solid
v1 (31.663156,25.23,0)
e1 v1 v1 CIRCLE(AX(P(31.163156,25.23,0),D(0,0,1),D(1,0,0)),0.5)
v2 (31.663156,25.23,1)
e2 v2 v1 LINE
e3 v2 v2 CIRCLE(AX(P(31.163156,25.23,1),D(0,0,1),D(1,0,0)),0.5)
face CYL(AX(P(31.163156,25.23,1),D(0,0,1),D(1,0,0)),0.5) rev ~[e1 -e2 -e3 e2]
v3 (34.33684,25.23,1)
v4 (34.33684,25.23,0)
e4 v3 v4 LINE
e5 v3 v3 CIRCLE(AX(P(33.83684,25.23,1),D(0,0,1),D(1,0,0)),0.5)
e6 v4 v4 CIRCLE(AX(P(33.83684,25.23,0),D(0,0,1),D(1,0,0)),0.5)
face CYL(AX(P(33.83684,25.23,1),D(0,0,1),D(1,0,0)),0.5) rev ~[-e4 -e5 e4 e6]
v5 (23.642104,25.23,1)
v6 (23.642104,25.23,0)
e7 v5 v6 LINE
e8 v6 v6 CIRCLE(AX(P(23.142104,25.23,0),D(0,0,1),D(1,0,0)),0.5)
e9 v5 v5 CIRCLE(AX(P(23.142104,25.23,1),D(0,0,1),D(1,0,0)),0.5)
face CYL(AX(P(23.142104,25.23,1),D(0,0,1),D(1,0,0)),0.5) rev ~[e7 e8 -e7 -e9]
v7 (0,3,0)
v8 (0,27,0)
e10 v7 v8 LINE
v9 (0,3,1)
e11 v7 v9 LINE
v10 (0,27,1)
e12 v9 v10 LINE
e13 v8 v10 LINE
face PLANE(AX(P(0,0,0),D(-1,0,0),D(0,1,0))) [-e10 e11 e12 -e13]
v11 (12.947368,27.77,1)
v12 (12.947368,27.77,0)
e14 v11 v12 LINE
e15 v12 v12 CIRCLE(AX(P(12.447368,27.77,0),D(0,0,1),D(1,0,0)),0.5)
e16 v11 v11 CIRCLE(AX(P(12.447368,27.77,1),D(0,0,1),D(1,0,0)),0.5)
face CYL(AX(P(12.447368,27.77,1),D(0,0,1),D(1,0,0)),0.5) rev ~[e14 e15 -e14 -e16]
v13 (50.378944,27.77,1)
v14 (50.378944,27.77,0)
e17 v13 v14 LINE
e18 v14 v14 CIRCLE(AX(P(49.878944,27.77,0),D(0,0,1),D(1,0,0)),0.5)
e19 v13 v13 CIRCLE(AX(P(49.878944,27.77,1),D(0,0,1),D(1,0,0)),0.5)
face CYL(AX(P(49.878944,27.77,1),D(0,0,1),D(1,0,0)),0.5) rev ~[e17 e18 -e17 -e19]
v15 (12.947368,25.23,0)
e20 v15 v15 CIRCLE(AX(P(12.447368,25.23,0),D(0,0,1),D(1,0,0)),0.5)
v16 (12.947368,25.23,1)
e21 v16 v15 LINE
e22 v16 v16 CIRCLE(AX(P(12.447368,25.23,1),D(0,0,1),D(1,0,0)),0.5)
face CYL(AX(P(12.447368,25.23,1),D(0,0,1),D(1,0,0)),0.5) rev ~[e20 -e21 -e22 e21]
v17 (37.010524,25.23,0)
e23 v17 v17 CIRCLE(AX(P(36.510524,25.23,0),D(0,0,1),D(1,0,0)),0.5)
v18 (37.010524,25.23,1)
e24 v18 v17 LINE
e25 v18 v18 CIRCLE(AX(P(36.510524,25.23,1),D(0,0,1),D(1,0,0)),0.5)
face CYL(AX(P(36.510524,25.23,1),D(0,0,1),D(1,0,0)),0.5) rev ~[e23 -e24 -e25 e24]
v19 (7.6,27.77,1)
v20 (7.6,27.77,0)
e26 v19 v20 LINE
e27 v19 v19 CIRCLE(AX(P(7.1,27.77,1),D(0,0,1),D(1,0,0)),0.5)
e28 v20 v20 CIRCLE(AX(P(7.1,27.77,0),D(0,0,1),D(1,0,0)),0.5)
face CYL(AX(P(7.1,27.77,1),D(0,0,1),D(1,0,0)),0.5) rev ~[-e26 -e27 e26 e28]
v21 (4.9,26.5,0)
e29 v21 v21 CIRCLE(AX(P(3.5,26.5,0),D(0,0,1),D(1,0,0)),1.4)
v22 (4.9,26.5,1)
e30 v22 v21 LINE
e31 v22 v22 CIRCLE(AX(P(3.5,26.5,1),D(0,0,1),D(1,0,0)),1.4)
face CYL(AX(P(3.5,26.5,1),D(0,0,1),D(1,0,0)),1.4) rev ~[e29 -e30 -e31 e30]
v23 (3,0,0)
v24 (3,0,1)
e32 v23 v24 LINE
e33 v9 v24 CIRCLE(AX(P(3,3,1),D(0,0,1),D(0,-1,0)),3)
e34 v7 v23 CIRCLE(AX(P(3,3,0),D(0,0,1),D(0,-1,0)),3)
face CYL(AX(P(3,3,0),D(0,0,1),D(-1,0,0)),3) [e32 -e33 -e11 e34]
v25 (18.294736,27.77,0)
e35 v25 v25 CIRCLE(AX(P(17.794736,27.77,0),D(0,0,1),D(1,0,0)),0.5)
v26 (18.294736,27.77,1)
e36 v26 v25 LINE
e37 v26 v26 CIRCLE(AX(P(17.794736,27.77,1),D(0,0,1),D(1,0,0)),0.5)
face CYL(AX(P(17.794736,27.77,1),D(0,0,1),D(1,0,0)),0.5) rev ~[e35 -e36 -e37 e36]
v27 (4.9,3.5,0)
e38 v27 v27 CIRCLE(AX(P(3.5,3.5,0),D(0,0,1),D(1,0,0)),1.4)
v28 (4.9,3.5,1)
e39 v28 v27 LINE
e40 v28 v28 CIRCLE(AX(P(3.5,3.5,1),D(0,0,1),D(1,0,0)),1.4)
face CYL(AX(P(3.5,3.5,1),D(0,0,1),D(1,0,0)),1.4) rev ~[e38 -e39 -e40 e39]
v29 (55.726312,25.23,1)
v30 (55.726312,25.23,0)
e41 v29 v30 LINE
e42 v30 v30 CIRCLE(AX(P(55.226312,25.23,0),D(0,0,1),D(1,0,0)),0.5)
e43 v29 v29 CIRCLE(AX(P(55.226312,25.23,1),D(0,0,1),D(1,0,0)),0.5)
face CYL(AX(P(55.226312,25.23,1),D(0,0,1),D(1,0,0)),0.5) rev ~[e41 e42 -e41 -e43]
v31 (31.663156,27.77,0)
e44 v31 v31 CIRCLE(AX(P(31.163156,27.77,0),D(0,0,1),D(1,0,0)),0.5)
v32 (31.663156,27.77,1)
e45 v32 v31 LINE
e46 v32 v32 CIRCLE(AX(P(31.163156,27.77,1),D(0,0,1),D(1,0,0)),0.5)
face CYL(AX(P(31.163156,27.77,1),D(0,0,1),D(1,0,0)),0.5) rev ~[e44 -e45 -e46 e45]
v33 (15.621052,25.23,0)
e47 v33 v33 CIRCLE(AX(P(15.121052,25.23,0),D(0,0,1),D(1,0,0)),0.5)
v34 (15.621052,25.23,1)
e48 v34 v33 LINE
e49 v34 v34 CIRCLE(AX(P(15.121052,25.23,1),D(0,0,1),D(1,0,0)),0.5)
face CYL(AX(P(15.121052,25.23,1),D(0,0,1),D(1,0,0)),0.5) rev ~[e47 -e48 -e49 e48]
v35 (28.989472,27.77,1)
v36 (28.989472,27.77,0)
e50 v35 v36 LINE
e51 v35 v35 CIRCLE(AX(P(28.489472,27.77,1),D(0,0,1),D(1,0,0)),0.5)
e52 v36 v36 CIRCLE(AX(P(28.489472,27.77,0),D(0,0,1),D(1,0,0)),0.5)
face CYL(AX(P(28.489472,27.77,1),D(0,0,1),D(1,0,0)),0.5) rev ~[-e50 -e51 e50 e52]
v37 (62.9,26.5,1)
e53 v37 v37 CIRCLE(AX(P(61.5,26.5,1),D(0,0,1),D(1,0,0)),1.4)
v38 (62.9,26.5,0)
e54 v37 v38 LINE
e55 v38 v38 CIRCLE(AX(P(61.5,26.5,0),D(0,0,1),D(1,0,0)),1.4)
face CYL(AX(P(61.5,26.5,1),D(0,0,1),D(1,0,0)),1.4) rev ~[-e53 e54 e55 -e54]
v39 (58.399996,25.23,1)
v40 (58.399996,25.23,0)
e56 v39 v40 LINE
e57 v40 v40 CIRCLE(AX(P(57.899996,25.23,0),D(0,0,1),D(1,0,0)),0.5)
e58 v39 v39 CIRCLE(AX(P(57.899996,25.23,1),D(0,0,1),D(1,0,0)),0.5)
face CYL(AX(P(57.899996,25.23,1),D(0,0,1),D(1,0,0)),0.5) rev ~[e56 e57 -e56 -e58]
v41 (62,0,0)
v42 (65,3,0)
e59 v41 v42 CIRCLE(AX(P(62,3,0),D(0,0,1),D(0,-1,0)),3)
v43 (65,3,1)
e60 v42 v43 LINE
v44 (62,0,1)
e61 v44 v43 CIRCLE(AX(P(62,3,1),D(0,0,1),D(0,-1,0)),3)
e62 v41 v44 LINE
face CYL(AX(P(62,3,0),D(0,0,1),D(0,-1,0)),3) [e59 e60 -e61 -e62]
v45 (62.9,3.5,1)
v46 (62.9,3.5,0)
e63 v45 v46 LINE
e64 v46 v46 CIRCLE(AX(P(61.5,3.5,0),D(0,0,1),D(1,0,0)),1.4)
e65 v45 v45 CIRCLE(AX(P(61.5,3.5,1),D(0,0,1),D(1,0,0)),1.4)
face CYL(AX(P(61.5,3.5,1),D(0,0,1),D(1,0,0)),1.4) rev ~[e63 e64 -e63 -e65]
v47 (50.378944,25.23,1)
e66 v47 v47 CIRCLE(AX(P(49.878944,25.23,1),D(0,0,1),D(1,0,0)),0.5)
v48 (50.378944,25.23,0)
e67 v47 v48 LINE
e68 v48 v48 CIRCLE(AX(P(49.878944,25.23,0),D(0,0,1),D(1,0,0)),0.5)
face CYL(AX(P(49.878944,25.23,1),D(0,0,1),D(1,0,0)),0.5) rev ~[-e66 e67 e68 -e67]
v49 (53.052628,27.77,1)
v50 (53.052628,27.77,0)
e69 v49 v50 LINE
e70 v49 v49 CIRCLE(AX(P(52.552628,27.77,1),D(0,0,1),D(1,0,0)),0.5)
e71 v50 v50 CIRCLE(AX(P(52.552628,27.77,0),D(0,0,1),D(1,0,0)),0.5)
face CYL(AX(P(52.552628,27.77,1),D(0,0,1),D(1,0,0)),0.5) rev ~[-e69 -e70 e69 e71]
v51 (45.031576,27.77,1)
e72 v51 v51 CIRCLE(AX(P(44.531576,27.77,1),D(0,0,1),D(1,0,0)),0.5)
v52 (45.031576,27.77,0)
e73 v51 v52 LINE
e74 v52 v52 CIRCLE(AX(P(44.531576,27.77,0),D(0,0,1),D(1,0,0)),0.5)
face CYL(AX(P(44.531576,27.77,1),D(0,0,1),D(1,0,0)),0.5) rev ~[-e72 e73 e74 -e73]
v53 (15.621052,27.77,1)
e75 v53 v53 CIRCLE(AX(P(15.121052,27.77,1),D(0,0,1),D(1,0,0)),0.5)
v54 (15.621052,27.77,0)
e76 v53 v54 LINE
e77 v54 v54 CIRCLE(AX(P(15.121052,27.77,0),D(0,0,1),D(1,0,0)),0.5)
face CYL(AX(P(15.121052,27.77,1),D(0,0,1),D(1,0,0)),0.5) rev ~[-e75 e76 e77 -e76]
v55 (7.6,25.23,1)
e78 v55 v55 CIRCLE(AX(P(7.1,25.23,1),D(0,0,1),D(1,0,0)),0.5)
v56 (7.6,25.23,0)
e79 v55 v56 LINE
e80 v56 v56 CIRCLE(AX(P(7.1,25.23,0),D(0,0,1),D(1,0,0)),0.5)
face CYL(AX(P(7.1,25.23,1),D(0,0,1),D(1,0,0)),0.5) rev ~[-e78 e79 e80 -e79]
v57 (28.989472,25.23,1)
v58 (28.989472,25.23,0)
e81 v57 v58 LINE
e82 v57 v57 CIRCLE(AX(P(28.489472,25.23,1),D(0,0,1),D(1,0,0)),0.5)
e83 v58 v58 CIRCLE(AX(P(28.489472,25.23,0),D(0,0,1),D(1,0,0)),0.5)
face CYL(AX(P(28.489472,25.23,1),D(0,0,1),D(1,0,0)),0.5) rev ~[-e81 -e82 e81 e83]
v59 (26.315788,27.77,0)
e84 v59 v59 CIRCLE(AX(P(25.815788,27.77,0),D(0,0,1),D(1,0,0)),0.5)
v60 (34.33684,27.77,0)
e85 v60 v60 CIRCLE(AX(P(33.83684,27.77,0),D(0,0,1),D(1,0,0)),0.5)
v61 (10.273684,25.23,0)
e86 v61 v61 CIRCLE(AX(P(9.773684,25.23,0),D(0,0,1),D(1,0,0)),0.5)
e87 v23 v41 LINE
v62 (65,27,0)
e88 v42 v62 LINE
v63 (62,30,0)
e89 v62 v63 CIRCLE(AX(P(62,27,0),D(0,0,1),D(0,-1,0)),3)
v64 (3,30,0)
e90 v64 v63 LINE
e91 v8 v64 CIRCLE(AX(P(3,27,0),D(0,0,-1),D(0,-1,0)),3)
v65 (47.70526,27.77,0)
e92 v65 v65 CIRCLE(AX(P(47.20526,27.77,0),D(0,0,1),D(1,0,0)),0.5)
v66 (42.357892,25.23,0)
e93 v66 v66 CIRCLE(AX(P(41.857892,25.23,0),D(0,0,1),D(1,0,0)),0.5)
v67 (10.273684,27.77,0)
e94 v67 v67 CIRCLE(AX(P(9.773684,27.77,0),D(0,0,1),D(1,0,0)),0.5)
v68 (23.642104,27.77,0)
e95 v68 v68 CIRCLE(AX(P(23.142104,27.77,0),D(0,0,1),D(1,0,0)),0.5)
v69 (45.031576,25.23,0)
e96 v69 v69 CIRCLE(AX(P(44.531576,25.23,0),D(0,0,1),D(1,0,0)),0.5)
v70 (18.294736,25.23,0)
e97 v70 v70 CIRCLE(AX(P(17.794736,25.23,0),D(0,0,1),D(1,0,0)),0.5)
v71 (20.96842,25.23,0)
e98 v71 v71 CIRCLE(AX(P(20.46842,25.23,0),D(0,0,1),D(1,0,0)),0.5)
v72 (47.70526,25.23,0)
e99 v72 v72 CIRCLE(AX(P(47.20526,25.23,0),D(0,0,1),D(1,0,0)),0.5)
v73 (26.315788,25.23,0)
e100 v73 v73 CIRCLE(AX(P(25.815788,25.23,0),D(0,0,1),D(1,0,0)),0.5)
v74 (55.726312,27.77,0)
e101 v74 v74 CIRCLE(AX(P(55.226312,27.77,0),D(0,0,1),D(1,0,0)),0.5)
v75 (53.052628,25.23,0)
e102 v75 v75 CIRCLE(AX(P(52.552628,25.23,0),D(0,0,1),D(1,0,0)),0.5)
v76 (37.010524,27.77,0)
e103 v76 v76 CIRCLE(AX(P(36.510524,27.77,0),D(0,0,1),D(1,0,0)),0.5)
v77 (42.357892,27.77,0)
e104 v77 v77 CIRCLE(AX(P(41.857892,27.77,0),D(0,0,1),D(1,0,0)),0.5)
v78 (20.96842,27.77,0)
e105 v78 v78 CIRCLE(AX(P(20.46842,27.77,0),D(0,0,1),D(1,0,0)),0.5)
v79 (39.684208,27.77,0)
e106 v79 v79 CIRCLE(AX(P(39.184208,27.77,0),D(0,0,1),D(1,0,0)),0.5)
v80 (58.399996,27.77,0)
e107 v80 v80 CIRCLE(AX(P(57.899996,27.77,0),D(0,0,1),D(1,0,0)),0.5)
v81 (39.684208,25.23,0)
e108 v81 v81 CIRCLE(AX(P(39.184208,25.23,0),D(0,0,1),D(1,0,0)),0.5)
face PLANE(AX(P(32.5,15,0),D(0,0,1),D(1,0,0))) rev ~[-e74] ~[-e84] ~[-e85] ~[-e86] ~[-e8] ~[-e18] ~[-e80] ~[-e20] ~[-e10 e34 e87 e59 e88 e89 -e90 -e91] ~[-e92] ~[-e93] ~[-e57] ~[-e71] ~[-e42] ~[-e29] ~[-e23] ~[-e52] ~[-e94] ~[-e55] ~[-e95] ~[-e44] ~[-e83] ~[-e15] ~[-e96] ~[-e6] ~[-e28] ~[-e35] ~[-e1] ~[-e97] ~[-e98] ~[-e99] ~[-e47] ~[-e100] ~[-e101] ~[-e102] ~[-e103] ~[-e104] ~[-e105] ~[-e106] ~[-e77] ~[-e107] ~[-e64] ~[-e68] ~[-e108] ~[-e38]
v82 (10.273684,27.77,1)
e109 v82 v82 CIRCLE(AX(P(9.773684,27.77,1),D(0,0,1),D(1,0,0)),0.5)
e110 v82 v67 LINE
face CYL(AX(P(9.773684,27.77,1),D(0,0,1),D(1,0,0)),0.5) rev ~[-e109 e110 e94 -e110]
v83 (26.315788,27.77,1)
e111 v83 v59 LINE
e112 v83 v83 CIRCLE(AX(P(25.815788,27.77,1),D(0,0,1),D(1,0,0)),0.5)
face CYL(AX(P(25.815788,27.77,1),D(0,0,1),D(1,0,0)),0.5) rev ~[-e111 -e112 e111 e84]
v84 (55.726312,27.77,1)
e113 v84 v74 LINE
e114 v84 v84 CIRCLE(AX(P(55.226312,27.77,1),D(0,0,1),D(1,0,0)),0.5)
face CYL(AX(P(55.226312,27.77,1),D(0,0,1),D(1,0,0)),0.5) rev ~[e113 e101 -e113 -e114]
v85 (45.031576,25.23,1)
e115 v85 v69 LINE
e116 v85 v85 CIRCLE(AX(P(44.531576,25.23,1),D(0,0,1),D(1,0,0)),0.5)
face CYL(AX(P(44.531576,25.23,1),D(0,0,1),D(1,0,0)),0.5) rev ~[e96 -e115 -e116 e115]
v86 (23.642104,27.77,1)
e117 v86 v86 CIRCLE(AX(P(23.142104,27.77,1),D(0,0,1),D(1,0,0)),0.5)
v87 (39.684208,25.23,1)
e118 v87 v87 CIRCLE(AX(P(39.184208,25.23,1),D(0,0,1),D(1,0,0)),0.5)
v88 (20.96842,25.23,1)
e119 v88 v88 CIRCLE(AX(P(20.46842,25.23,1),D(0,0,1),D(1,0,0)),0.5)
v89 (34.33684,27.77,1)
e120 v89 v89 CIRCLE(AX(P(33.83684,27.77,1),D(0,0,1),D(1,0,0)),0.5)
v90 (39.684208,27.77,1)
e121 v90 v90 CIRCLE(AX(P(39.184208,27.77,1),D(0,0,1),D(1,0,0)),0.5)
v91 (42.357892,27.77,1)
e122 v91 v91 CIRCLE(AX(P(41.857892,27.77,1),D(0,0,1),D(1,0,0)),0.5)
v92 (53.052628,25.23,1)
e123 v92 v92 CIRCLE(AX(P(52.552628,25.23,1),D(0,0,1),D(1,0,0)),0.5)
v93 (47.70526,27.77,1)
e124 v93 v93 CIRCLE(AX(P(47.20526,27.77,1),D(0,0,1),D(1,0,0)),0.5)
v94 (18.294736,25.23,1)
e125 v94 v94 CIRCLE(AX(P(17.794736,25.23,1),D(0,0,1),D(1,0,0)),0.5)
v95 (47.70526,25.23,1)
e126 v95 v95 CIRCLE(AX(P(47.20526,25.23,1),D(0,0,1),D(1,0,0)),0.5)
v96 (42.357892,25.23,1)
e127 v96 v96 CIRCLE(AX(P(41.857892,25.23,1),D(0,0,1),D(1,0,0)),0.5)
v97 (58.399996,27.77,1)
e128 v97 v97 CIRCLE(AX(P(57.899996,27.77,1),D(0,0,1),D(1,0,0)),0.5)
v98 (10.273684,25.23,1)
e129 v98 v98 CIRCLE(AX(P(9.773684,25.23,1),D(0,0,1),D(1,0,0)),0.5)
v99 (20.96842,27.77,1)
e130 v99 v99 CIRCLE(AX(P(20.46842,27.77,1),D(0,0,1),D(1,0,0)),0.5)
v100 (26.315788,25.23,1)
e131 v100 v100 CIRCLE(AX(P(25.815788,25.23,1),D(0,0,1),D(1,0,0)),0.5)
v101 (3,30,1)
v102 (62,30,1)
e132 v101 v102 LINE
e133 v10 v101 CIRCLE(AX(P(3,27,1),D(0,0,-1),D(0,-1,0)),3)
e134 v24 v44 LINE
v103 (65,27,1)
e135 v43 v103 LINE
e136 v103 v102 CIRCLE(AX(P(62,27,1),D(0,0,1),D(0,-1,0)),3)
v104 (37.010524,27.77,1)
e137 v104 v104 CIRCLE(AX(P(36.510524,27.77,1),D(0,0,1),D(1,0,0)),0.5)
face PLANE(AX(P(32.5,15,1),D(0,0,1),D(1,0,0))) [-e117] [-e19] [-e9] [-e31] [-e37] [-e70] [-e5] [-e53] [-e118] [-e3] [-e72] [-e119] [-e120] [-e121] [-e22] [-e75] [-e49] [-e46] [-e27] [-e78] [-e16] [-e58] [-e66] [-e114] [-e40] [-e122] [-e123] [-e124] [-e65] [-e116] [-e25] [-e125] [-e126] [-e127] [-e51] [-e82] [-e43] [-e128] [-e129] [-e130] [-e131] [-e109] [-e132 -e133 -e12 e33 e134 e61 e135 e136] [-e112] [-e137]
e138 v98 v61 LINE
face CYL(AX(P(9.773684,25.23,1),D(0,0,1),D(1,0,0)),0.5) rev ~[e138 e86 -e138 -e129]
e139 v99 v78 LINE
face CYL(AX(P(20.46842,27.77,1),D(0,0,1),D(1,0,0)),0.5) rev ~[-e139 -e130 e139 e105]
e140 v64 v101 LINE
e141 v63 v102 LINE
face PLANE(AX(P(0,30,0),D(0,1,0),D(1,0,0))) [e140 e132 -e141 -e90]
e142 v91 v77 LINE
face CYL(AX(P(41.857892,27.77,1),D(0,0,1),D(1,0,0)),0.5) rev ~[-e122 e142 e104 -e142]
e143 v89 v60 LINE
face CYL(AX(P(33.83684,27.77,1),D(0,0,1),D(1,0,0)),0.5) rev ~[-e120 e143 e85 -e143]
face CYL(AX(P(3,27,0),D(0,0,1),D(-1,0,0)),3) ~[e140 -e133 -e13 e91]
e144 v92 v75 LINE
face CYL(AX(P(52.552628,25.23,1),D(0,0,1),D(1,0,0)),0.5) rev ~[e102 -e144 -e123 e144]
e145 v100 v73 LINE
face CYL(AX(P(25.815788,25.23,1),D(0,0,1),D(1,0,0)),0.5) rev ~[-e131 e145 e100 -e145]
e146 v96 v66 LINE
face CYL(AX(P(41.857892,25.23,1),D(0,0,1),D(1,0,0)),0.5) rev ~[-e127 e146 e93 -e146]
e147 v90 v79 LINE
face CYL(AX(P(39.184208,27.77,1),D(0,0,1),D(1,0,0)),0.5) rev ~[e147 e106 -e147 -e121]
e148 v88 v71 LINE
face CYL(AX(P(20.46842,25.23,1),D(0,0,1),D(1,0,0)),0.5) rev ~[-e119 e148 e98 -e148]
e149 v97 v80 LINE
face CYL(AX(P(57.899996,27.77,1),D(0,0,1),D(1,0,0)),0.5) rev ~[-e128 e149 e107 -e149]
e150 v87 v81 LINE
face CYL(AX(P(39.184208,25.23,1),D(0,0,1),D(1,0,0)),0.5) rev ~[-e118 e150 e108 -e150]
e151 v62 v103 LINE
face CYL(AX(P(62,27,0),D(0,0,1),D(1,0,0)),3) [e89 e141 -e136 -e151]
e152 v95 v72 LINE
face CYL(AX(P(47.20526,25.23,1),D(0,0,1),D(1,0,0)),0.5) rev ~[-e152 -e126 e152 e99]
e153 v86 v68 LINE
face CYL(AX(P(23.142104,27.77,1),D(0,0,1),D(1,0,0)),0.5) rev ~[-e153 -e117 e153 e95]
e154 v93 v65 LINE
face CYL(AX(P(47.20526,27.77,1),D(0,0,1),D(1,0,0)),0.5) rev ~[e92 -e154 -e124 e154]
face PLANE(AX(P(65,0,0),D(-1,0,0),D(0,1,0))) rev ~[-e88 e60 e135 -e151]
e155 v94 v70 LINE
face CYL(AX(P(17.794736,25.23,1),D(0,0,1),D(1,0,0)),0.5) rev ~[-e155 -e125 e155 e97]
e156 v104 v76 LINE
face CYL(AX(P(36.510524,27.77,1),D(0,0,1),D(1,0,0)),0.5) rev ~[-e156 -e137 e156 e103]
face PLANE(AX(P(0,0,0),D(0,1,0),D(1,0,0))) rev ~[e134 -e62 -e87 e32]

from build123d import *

# Parameters (mm, degrees)
SKETCH_W                        = 65
SKETCH_H                        = 30
PAD_DEPTH                       = 1
FILLET_R                        = 3
SKETCH001_R                     = 1.4
POCKET_DEPTH                    = 5
LINEARPATTERN_COUNT             = 2
LINEARPATTERN_PITCH             = 58
LINEARPATTERN001_COUNT          = 2
LINEARPATTERN001_PITCH          = 23
SKETCH001_LINEARPATTERN002_2_R  = 1.4
POCKET_LINEARPATTERN002_2_DEPTH = 5
LINEARPATTERN003_COUNT          = 2
LINEARPATTERN003_PITCH          = 23
SKETCH003_R                     = 0.5
POCKET001_DEPTH                 = 5
LINEARPATTERN004_COUNT          = 20
LINEARPATTERN004_PITCH          = 2.673684


with BuildPart() as part:
    # Sketch → Pad (new body)
    with BuildSketch(Plane.XY):
        with Locations((32.5, 15)):
            Rectangle(SKETCH_W, SKETCH_H)
    extrude(amount=PAD_DEPTH)

    # Fillet
    fillet_edges = [part.edges().sort_by_distance(p)[0] for p in [
        (0, 0, 0.5),
        (65, 30, 0.5),
        (0, 30, 0.5),
        (65, 0, 0.5),
    ]]
    fillet(fillet_edges, radius=FILLET_R)

    # Sketch001 (on Face5 of Fillet) → Pocket (cut)
    with BuildSketch(Plane.XY.offset(1)):
        with Locations((3.5, 3.5)):
            Circle(SKETCH001_R)
    pocket = extrude(amount=-POCKET_DEPTH, mode=Mode.SUBTRACT)

    # LinearPattern: Pocket ×2
    with Locations(*[(i * LINEARPATTERN_PITCH, 0, 0) for i in range(1, LINEARPATTERN_COUNT)]):
        add(pocket, mode=Mode.SUBTRACT)

    # LinearPattern001: Pocket ×2
    with Locations(*[(0, i * LINEARPATTERN001_PITCH, 0) for i in range(1, LINEARPATTERN001_COUNT)]):
        add(pocket, mode=Mode.SUBTRACT)

    # Sketch001 LinearPattern002 2 → Pocket LinearPattern002 2 (cut)
    with BuildSketch(Plane(origin=(58, 0, 1), x_dir=(1, 0, 0), z_dir=(0, 0, 1))):
        with Locations((3.5, 3.5)):
            Circle(SKETCH001_LINEARPATTERN002_2_R)
    pocket_linearpattern002_2 = extrude(amount=-POCKET_LINEARPATTERN002_2_DEPTH, mode=Mode.SUBTRACT)

    # LinearPattern003: Pocket, Pocket LinearPattern002 2 ×2
    with Locations(*[(0, i * LINEARPATTERN003_PITCH, 0) for i in range(1, LINEARPATTERN003_COUNT)]):
        add(pocket, mode=Mode.SUBTRACT)
        add(pocket_linearpattern002_2, mode=Mode.SUBTRACT)

    # Sketch003 (on Face5 of MultiTransform) → Pocket001 (cut)
    with BuildSketch(Plane.XY.offset(1)):
        with Locations((7.1, 27.77)):
            Circle(SKETCH003_R)
        with Locations((7.1, 25.23)):
            Circle(SKETCH003_R)
    pocket001 = extrude(amount=-POCKET001_DEPTH, mode=Mode.SUBTRACT)

    # LinearPattern004: Pocket001 ×20
    with Locations(*[(i * LINEARPATTERN004_PITCH, 0, 0) for i in range(1, LINEARPATTERN004_COUNT)]):
        add(pocket001, mode=Mode.SUBTRACT)


solid = part.part
